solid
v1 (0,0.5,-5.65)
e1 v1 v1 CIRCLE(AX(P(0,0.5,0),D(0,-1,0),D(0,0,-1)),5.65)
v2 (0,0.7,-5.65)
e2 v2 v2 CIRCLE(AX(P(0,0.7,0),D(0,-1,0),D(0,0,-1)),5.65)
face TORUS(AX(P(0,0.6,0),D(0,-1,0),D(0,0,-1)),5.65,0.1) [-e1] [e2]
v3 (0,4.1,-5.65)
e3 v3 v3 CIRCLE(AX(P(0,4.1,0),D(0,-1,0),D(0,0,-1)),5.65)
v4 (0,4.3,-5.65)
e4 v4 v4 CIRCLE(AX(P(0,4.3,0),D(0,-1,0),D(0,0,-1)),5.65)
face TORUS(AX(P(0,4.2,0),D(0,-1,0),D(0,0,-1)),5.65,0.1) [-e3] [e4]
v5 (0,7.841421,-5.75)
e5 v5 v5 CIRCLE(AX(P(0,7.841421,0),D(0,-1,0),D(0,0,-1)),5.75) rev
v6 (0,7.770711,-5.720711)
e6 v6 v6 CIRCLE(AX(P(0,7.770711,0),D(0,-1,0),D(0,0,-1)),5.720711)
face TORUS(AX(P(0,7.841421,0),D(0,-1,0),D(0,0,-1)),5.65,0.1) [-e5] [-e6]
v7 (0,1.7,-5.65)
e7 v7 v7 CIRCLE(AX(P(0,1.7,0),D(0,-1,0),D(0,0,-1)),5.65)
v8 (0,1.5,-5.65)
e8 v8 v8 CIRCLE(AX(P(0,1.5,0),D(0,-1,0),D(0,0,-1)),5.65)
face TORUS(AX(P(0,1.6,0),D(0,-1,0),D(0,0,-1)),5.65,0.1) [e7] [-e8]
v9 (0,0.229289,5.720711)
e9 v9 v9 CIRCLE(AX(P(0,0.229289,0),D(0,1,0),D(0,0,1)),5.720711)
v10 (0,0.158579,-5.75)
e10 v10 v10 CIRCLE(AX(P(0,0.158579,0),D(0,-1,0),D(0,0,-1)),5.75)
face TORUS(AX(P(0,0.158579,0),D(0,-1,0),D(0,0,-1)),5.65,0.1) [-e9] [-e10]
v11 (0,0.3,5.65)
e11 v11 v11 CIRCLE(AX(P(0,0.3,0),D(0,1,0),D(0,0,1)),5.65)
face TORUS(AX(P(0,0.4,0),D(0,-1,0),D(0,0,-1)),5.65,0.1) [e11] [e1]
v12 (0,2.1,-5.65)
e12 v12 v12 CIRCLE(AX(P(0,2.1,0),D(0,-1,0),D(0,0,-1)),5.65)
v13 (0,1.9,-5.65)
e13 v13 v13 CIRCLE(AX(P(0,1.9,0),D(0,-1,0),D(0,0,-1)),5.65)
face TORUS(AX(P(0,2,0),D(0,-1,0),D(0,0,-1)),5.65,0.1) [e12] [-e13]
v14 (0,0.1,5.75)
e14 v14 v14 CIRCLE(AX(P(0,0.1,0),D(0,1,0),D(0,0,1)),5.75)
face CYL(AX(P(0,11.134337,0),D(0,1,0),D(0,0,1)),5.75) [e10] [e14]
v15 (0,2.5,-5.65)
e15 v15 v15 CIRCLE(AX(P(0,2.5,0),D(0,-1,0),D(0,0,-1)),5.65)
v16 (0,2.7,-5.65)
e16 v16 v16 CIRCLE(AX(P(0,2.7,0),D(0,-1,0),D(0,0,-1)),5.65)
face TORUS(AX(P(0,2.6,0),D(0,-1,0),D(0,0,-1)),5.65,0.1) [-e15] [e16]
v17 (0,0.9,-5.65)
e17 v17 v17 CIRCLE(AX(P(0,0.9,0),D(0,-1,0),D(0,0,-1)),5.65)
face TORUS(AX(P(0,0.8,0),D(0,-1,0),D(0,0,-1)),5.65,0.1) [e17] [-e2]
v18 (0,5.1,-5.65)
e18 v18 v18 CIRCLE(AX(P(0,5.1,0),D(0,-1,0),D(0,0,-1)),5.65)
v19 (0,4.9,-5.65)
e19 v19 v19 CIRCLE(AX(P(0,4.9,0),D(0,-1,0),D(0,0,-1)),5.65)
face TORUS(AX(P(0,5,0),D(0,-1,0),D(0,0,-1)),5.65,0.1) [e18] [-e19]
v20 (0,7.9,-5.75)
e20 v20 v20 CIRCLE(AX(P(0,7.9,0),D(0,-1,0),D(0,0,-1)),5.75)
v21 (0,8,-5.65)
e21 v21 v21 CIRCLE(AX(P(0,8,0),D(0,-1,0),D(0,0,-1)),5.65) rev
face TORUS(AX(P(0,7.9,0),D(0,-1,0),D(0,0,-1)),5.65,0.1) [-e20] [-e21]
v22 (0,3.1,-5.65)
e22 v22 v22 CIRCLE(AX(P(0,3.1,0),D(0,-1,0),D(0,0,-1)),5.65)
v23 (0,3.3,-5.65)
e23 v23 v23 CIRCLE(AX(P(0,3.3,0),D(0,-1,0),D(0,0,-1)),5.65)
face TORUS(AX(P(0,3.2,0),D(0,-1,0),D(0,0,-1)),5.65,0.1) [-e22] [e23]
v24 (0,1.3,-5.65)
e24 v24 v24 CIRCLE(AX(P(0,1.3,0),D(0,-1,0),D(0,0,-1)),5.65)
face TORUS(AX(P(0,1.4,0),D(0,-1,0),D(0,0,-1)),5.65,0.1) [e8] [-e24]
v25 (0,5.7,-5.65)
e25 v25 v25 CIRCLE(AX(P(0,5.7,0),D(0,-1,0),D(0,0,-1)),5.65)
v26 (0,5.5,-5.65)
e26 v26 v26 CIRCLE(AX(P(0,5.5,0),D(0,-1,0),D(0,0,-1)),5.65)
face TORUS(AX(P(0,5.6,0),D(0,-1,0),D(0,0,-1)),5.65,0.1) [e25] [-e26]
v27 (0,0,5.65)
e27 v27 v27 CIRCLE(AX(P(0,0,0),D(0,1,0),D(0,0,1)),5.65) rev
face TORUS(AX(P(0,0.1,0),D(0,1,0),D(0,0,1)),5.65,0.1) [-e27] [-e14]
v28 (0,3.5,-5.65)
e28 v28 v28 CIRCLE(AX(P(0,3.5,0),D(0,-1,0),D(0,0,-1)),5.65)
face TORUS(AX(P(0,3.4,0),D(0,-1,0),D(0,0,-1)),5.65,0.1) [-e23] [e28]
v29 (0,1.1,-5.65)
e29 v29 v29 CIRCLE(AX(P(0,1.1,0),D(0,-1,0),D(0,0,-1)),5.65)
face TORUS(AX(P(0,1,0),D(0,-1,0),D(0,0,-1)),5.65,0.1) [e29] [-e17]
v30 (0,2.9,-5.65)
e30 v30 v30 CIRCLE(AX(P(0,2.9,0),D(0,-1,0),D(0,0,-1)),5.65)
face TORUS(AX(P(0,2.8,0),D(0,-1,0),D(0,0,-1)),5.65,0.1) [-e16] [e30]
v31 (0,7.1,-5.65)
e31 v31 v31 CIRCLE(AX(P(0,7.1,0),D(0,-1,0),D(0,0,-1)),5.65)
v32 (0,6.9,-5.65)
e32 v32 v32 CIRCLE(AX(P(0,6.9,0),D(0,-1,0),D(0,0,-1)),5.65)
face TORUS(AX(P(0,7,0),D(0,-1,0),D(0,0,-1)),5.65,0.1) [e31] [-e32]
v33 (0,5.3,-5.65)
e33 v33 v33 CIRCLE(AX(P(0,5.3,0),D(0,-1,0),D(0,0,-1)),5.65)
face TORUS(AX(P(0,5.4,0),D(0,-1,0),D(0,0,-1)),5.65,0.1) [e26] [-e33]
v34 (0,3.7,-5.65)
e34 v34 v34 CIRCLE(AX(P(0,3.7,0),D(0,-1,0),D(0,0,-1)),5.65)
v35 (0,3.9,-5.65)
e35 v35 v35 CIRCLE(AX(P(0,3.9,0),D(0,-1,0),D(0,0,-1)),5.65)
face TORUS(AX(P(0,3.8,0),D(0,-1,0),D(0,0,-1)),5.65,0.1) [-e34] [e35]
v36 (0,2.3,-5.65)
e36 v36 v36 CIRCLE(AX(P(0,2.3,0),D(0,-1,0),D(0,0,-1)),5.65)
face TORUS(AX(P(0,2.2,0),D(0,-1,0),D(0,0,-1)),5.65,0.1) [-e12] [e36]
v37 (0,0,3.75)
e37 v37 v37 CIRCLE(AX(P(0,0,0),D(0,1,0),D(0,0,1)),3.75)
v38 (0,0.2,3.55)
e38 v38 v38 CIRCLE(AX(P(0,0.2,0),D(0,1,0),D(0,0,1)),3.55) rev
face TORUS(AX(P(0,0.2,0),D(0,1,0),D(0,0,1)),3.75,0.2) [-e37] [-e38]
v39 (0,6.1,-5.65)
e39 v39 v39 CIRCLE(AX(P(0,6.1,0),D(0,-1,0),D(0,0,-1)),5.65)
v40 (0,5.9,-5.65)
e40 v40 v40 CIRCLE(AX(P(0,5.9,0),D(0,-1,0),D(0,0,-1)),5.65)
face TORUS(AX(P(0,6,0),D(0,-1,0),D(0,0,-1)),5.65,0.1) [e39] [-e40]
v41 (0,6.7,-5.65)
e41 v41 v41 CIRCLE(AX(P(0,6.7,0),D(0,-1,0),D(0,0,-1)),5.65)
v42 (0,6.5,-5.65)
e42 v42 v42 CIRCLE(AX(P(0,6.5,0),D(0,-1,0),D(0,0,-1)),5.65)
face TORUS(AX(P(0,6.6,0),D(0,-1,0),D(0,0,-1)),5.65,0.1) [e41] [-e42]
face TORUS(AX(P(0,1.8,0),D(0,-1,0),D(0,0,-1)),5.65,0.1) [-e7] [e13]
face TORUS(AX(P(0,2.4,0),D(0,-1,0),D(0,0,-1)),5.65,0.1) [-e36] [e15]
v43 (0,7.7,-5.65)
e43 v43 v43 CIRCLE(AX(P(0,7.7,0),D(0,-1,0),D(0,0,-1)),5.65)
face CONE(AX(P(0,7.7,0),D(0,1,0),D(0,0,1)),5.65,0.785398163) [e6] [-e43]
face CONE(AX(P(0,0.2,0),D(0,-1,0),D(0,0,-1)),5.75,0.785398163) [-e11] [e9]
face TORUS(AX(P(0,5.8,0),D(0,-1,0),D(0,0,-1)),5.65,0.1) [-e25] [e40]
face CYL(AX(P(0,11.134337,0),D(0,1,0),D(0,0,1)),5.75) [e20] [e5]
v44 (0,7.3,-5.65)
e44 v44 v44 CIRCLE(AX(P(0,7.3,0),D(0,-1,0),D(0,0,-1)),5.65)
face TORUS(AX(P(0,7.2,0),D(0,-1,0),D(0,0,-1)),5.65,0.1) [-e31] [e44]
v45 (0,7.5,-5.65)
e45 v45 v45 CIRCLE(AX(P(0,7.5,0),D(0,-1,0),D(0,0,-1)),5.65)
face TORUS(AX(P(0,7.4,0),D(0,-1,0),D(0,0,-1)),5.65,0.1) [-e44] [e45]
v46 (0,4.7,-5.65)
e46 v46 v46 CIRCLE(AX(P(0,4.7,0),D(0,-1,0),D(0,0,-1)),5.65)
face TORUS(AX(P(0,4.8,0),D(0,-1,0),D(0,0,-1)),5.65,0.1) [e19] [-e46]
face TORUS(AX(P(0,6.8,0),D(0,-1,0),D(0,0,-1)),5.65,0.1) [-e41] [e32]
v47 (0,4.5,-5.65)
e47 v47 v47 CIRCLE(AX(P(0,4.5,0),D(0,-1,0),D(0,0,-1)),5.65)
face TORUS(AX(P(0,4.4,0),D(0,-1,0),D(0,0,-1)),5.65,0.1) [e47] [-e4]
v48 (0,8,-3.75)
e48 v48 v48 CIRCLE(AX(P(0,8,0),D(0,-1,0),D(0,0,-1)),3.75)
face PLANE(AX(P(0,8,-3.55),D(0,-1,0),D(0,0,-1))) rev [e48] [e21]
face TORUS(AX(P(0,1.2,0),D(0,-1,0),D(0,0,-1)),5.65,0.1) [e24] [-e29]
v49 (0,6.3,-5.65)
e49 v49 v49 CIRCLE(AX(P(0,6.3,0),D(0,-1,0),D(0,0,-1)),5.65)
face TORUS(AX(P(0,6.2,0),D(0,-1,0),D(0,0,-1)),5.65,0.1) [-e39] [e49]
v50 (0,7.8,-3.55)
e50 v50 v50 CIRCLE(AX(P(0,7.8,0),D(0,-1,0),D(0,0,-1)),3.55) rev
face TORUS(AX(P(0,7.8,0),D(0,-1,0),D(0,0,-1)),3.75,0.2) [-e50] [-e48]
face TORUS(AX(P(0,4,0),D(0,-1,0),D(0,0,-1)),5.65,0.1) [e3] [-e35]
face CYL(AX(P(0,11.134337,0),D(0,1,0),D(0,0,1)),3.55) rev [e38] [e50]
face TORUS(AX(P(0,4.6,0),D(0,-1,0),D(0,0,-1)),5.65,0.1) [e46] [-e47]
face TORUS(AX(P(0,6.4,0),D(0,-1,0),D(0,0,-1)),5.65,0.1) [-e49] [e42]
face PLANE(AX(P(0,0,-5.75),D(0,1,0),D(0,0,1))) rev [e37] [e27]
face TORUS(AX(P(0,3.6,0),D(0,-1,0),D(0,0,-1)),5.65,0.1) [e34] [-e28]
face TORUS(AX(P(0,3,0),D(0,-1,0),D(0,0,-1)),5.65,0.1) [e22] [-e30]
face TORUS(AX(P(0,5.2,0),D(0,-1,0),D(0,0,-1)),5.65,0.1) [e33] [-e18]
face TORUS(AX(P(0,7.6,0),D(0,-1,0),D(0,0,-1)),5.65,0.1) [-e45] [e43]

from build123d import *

# Parameters (mm, degrees)
FILLET1_R       = 0.2
FILLET2_R       = 0.1
LPATTERN1_COUNT = 37
LPATTERN1_PITCH = 0.2


with BuildPart() as part:
    # Sketch1 → Revolve1 (revolve)
    with BuildSketch(Plane(origin=(0, 0, 0), x_dir=(0, 0, -1), z_dir=(1, 0, 0)), mode=Mode.PRIVATE) as revolve1_sk:
        Polygon((3.55, 8), (5.75, 8), (5.75, 7.8), (5.65, 7.7), (5.5, 7.7), (5.5, 0.3), (5.65, 0.3), (5.75, 0.2), (5.75, 0), (3.55, 0), align=None)
    revolve(revolve1_sk.sketch.rotate(Axis((0, 11.134336509, 0), (0, -1, 0)), 180), axis=Axis((0, 11.134336509, 0), (0, -1, 0)))

    # Fillet1
    fillet1_edges = [part.edges().sort_by_distance(p)[0] for p in [
        (0, 8, -3.55),
        (0, 0, -3.55),
    ]]
    fillet(fillet1_edges, radius=FILLET1_R)

    # Fillet2
    fillet2_edges = [part.edges().sort_by_distance(p)[0] for p in [
        (0, 7.8, -5.75),
        (0, 8, -5.75),
        (0, 0, -5.75),
        (0, 0.2, -5.75),
    ]]
    fillet(fillet2_edges, radius=FILLET2_R)

    # Sketch2 → Revolve2 (revolve)
    with BuildSketch(Plane(origin=(0, 0, 0), x_dir=(0, 0, -1), z_dir=(1, 0, 0))):
        with BuildLine():
            Line((5.5, 7.7), (5.65, 7.7))
            ThreePointArc((5.65, 7.7), (5.75, 7.6), (5.65, 7.5))
            Line((5.65, 7.5), (5.5, 7.5))
            Line((5.5, 7.5), (5.5, 7.7))
        make_face()
    revolve2 = revolve(axis=Axis((0, 0, 0), (0, 1, 0)))

    # LPattern1: Revolve2 ×37
    with Locations(*[(0, -i * LPATTERN1_PITCH, 0) for i in range(1, LPATTERN1_COUNT)]):
        add(revolve2)


solid = part.part
